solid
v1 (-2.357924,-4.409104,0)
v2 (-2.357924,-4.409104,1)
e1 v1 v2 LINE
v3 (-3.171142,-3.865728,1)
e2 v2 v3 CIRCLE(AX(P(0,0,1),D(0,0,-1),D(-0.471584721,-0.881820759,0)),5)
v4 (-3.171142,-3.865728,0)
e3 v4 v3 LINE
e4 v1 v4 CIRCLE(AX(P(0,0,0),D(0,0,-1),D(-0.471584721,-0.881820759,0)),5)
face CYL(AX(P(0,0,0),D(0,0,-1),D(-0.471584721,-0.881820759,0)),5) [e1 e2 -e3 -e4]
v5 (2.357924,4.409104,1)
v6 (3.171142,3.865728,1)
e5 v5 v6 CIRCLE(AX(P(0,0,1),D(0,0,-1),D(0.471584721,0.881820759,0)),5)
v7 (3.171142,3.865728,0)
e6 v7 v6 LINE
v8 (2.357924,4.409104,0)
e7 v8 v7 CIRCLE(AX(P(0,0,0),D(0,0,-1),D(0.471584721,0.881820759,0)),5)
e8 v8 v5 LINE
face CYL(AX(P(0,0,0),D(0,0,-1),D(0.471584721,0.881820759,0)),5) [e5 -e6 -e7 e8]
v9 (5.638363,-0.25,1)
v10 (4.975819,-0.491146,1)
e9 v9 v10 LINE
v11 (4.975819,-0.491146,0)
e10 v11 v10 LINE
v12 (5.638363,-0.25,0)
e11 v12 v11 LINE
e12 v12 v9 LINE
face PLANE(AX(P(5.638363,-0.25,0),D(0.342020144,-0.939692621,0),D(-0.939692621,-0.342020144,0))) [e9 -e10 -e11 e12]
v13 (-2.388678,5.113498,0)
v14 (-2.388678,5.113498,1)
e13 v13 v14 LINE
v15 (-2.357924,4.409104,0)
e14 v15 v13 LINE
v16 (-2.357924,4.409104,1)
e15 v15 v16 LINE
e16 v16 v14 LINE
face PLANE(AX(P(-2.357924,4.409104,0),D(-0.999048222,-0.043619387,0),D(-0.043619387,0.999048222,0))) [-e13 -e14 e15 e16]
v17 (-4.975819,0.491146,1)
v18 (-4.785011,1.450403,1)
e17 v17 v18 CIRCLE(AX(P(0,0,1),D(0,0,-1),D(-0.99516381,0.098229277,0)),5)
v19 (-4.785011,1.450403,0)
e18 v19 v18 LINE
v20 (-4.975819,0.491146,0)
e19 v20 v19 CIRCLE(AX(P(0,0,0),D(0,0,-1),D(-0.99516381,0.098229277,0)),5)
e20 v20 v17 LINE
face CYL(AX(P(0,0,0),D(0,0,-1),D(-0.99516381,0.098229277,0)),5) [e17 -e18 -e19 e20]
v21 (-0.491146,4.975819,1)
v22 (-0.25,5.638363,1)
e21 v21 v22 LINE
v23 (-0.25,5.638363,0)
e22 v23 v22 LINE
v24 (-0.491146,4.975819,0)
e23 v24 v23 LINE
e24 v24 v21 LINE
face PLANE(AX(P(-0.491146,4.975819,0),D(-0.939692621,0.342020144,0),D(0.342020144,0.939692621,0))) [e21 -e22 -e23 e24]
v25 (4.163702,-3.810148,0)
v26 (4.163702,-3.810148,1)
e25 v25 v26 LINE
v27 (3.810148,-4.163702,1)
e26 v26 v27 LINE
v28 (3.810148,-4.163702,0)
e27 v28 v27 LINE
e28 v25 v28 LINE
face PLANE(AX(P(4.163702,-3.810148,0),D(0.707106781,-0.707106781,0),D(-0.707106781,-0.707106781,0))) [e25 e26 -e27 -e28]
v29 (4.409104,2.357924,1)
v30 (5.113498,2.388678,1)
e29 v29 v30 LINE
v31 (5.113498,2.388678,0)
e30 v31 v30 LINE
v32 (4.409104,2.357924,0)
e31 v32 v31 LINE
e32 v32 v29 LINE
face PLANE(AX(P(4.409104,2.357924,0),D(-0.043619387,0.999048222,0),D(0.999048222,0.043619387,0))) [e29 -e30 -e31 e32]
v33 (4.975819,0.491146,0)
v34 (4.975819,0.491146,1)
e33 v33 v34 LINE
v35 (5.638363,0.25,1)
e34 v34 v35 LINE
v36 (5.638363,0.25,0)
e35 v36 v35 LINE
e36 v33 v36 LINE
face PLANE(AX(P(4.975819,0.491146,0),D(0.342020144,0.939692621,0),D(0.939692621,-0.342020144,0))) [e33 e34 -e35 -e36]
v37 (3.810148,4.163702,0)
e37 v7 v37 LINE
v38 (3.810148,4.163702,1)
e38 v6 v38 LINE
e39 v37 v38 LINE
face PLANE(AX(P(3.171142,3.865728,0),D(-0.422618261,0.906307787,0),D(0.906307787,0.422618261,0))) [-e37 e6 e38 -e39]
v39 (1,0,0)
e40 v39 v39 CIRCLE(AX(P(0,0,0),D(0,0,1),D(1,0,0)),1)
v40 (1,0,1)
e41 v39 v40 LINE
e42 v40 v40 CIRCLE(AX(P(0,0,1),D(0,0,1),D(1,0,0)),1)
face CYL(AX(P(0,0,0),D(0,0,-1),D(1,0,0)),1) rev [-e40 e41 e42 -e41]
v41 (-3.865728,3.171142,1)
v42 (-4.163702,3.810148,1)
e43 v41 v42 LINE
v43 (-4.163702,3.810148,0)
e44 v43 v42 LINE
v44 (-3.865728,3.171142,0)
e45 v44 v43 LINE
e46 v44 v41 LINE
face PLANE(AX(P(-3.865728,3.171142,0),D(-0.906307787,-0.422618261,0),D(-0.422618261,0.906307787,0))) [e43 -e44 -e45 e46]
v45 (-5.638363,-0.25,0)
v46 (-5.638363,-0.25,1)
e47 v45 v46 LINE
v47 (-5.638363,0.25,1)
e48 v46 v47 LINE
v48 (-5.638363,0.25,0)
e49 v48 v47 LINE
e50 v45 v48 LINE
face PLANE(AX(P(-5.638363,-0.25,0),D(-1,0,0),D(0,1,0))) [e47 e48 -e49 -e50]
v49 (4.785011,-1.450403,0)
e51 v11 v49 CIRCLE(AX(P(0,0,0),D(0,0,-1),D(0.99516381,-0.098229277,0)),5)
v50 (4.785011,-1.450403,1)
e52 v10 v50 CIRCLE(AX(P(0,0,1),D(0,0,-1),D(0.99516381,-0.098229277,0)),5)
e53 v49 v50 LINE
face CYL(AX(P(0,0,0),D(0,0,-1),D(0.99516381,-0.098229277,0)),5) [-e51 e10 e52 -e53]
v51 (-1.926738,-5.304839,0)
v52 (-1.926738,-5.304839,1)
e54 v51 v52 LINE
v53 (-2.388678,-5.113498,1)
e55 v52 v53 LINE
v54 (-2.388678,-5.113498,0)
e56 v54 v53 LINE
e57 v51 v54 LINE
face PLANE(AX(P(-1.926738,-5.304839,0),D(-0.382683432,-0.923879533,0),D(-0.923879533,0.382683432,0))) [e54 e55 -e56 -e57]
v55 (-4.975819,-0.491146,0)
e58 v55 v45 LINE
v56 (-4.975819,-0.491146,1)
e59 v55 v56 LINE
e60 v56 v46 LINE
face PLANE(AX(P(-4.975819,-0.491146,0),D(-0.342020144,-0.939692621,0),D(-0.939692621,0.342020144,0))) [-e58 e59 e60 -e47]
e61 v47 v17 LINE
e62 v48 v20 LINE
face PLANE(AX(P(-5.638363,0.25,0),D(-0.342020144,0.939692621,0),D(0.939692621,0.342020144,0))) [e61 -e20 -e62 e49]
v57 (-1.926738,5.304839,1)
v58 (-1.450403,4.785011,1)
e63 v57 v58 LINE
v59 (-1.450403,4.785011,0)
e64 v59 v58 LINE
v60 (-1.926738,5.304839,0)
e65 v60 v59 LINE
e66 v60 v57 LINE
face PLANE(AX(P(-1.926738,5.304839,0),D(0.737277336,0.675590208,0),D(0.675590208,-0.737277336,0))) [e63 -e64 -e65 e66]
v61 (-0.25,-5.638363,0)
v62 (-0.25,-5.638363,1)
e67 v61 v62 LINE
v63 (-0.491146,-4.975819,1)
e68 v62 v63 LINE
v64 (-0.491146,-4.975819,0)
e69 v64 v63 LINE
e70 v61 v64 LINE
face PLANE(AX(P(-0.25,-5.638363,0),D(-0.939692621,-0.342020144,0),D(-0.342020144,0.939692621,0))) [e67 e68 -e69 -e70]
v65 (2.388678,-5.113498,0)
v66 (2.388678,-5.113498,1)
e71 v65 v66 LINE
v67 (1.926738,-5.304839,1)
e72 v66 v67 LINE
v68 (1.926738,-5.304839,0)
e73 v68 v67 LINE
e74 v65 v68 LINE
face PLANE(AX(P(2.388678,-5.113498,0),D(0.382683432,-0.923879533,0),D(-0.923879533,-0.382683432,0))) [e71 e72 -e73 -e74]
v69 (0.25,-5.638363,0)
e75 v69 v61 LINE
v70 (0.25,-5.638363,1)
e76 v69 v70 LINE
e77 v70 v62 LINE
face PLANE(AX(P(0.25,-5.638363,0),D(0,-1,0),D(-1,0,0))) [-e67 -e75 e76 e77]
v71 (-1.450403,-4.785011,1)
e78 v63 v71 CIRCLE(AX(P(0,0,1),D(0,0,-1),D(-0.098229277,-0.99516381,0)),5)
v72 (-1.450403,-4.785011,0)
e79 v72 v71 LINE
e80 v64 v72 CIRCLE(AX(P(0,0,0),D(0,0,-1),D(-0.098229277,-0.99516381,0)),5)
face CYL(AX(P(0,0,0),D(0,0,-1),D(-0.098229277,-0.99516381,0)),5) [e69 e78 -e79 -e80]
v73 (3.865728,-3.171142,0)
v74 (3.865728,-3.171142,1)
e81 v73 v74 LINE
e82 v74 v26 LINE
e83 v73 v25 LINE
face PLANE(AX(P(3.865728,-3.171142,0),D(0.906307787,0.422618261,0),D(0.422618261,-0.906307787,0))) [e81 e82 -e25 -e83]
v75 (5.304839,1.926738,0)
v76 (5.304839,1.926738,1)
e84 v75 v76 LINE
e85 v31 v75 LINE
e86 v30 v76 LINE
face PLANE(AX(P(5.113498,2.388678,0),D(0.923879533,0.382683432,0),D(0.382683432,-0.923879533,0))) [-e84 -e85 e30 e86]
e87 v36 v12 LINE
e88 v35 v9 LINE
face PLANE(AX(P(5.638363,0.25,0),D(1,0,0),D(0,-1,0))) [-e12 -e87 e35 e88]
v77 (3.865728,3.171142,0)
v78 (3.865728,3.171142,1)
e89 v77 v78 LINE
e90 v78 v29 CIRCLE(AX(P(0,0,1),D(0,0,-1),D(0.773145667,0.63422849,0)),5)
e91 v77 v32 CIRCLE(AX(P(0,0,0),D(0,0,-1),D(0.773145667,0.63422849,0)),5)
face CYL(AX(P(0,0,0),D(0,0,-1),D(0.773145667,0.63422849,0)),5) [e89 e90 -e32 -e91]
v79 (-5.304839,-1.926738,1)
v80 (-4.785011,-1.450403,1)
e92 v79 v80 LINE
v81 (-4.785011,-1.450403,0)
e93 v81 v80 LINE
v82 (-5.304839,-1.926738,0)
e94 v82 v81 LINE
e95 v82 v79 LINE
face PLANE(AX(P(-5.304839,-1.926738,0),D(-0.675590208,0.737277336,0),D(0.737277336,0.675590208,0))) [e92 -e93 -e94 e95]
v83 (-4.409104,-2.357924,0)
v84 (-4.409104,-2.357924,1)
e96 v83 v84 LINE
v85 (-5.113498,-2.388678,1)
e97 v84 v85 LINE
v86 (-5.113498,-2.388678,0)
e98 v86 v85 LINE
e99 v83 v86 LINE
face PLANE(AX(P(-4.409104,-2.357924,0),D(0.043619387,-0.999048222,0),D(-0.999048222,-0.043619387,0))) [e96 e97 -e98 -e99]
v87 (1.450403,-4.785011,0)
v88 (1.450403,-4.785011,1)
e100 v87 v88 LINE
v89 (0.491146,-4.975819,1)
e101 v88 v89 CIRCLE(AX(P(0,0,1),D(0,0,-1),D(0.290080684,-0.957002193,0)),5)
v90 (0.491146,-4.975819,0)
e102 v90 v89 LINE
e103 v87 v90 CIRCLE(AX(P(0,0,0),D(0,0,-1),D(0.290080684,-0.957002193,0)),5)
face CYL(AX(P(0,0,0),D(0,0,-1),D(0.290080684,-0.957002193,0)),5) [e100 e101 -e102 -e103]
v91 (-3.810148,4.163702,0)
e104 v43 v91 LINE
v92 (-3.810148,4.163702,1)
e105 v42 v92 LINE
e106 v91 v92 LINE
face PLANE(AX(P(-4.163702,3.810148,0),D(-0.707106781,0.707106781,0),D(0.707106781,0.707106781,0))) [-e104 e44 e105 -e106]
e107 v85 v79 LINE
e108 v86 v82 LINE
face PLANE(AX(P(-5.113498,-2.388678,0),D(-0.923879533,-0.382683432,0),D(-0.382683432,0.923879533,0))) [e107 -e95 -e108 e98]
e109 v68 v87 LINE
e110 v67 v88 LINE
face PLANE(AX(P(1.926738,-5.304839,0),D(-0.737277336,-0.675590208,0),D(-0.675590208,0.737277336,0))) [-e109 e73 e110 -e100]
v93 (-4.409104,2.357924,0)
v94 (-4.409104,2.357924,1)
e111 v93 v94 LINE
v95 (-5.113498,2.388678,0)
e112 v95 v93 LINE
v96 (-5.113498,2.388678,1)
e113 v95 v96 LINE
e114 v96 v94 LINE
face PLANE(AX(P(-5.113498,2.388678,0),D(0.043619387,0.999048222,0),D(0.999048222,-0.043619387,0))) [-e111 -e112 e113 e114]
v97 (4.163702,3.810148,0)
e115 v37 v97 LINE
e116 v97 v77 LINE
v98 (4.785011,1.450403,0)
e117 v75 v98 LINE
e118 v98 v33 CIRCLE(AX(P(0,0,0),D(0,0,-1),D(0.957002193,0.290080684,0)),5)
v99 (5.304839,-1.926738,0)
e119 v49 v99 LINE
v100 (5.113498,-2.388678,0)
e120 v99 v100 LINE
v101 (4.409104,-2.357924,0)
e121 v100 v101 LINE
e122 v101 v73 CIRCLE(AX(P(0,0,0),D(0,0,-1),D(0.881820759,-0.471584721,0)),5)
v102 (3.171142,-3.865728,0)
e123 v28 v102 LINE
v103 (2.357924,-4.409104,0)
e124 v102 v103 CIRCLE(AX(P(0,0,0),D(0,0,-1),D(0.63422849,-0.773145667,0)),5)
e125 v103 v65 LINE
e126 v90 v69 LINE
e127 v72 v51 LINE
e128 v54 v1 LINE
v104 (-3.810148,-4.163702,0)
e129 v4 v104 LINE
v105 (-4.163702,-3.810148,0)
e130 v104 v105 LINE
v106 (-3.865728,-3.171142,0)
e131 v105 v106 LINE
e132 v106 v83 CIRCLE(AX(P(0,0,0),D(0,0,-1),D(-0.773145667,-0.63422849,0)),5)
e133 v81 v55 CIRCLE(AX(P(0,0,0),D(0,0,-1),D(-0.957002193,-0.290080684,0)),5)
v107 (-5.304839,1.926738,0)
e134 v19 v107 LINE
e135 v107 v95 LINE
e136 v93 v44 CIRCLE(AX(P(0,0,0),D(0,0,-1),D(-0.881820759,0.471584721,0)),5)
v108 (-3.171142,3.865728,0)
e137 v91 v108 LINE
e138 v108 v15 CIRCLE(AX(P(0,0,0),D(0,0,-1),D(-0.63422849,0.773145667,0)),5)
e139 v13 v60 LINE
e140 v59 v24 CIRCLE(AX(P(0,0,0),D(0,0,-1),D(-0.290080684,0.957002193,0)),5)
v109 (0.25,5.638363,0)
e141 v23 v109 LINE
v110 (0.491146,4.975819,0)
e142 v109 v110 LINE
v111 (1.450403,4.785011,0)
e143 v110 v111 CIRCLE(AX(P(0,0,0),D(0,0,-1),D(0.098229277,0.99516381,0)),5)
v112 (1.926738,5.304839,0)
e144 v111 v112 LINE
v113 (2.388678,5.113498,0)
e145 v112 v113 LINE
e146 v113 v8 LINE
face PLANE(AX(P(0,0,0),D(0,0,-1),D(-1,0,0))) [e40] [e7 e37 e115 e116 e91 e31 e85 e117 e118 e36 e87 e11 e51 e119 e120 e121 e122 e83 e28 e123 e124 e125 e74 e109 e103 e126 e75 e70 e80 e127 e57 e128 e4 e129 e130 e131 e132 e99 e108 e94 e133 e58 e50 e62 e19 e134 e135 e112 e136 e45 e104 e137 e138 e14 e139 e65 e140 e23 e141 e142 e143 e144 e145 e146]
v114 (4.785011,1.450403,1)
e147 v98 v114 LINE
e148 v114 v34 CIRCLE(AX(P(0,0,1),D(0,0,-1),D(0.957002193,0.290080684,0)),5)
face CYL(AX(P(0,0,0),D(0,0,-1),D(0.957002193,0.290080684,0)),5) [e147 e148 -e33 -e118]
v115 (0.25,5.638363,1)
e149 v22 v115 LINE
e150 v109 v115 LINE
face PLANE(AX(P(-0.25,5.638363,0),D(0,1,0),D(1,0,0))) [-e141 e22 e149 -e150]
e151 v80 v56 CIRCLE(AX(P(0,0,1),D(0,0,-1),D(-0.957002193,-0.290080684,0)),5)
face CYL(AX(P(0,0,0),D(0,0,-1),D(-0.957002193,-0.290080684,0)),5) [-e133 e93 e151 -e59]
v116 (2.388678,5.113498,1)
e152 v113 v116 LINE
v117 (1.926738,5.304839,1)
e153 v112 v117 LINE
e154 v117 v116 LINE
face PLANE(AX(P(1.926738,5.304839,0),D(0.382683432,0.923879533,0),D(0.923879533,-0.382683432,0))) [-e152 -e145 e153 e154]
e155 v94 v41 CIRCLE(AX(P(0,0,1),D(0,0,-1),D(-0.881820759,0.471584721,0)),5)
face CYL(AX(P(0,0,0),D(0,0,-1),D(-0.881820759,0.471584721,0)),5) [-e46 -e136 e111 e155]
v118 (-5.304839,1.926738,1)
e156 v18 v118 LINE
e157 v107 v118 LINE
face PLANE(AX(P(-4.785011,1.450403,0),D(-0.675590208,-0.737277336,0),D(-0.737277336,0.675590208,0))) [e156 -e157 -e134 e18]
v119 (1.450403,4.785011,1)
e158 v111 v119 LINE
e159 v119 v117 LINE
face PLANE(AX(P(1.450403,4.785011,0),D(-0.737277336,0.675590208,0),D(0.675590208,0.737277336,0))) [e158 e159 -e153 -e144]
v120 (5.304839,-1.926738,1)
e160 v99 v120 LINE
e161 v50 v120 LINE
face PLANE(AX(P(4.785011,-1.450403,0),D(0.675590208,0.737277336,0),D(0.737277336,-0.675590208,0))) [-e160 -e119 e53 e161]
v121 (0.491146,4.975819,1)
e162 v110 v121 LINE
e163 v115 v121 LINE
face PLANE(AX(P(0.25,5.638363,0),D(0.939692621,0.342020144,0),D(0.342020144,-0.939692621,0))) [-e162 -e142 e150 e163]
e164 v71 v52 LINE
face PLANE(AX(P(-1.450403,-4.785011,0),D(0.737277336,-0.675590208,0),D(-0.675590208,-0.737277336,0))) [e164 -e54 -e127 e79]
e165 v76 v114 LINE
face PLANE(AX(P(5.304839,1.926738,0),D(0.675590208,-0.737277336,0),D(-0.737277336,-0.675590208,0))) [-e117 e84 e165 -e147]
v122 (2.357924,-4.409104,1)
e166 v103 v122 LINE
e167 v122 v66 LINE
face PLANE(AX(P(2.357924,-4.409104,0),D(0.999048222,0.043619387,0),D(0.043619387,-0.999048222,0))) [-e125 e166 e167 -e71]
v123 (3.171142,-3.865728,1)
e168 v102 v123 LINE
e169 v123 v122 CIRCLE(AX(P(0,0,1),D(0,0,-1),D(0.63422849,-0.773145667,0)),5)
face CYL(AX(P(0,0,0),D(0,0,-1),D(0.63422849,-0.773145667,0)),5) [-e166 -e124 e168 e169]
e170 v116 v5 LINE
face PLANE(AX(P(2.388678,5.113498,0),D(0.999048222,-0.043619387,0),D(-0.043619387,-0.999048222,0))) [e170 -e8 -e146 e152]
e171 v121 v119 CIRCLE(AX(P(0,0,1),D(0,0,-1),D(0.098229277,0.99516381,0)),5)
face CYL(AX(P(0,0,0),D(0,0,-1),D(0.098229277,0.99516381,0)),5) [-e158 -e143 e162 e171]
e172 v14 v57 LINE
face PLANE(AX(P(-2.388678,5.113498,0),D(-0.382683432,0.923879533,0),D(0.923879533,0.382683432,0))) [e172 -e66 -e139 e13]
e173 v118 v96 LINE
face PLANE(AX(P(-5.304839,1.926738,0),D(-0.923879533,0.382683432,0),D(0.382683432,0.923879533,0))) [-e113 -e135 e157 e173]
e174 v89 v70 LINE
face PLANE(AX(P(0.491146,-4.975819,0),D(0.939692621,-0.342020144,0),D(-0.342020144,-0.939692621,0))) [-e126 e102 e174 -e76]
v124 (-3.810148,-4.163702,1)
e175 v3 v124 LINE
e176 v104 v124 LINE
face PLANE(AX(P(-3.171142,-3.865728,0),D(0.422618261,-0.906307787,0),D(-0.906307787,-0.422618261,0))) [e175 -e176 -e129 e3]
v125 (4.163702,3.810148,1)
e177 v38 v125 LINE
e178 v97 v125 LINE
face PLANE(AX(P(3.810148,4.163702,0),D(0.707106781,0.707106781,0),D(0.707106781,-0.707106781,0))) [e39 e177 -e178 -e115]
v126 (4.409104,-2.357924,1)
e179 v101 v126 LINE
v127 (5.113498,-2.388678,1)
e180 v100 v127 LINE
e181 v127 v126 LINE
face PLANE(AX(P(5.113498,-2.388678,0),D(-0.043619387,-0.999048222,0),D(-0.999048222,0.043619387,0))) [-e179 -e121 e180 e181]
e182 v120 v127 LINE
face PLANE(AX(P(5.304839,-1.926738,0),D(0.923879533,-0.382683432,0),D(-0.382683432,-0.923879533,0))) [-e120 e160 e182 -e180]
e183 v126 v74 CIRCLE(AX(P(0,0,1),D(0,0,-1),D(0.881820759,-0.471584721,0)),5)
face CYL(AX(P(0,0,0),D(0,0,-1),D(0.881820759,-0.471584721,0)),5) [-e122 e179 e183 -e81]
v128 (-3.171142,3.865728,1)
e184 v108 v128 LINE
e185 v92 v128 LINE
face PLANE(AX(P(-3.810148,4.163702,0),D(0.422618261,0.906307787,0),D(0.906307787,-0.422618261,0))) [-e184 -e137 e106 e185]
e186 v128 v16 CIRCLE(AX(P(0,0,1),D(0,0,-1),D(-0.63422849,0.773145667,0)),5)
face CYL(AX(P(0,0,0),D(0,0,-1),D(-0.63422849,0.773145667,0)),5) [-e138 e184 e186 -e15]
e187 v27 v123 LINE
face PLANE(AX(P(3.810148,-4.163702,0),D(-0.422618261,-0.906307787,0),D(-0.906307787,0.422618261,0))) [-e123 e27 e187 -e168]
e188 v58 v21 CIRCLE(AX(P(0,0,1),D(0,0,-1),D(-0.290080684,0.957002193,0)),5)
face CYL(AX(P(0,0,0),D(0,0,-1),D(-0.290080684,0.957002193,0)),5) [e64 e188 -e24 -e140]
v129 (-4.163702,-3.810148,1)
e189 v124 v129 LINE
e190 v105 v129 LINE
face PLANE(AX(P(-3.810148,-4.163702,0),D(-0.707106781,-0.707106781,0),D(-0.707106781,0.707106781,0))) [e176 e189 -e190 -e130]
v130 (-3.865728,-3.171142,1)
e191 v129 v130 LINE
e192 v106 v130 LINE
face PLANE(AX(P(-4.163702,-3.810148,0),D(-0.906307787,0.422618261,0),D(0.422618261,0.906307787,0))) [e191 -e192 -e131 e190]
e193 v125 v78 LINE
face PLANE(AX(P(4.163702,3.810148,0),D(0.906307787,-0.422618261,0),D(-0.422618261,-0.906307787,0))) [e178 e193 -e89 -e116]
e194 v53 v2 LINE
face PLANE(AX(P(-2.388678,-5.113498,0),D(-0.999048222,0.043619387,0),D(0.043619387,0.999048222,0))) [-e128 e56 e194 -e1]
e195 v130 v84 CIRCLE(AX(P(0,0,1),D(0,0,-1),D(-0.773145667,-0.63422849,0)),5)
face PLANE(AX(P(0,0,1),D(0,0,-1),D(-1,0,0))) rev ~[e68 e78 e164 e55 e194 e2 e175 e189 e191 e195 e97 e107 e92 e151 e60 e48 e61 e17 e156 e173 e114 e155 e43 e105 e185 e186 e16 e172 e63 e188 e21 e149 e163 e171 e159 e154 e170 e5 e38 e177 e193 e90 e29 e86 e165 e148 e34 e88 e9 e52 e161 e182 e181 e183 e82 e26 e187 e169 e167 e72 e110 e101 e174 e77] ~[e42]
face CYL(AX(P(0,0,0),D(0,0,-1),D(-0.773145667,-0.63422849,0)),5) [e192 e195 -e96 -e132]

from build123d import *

# Parameters (mm, degrees)
SKETCH2_R           = 1
BOSS_EXTRUDE2_DEPTH = 1


with BuildPart() as part:
    # Sketch2 → Boss-Extrude2 (new body)
    with BuildSketch(Plane.XY):
        with BuildLine():
            Line((-0.25, 5.638363295), (0.25, 5.638363295))
            Line((0.25, 5.638363295), (0.491146384, 4.975819051))
            ThreePointArc((0.491146384, 4.975819051), (0.97545161, 4.903926402), (1.450403422, 4.785010963))
            Line((1.450403422, 4.785010963), (1.926738336, 5.304839303))
            Line((1.926738336, 5.304839303), (2.388678102, 5.113497587))
            Line((2.388678102, 5.113497587), (2.357923605, 4.409103795))
            ThreePointArc((2.357923605, 4.409103795), (2.777851165, 4.157348062), (3.171142455, 3.865728332))
            Line((3.171142455, 3.865728332), (3.810148226, 4.163701616))
            Line((3.810148226, 4.163701616), (4.163701616, 3.810148226))
            Line((4.163701616, 3.810148226), (3.865728332, 3.171142455))
            ThreePointArc((3.865728332, 3.171142455), (4.157348062, 2.777851165), (4.409103795, 2.357923605))
            Line((4.409103795, 2.357923605), (5.113497587, 2.388678102))
            Line((5.113497587, 2.388678102), (5.304839303, 1.926738336))
            Line((5.304839303, 1.926738336), (4.785010963, 1.450403422))
            ThreePointArc((4.785010963, 1.450403422), (4.903926402, 0.97545161), (4.975819051, 0.491146384))
            Line((4.975819051, 0.491146384), (5.638363295, 0.25))
            Line((5.638363295, 0.25), (5.638363295, -0.25))
            Line((5.638363295, -0.25), (4.975819051, -0.491146384))
            ThreePointArc((4.975819051, -0.491146384), (4.903926402, -0.97545161), (4.785010963, -1.450403422))
            Line((4.785010963, -1.450403422), (5.304839303, -1.926738336))
            Line((5.304839303, -1.926738336), (5.113497587, -2.388678102))
            Line((5.113497587, -2.388678102), (4.409103795, -2.357923605))
            ThreePointArc((4.409103795, -2.357923605), (4.157348062, -2.777851165), (3.865728332, -3.171142455))
            Line((3.865728332, -3.171142455), (4.163701616, -3.810148226))
            Line((4.163701616, -3.810148226), (3.810148226, -4.163701616))
            Line((3.810148226, -4.163701616), (3.171142455, -3.865728332))
            ThreePointArc((3.171142455, -3.865728332), (2.777851165, -4.157348062), (2.357923605, -4.409103795))
            Line((2.357923605, -4.409103795), (2.388678102, -5.113497587))
            Line((2.388678102, -5.113497587), (1.926738336, -5.304839303))
            Line((1.926738336, -5.304839303), (1.450403422, -4.785010963))
            ThreePointArc((1.450403422, -4.785010963), (0.97545161, -4.903926402), (0.491146384, -4.975819051))
            Line((0.491146384, -4.975819051), (0.25, -5.638363295))
            Line((0.25, -5.638363295), (-0.25, -5.638363295))
            Line((-0.25, -5.638363295), (-0.491146384, -4.975819051))
            ThreePointArc((-0.491146384, -4.975819051), (-0.97545161, -4.903926402), (-1.450403422, -4.785010963))
            Line((-1.450403422, -4.785010963), (-1.926738336, -5.304839303))
            Line((-1.926738336, -5.304839303), (-2.388678102, -5.113497587))
            Line((-2.388678102, -5.113497587), (-2.357923605, -4.409103795))
            ThreePointArc((-2.357923605, -4.409103795), (-2.777851165, -4.157348062), (-3.171142455, -3.865728332))
            Line((-3.171142455, -3.865728332), (-3.810148226, -4.163701616))
            Line((-3.810148226, -4.163701616), (-4.163701616, -3.810148226))
            Line((-4.163701616, -3.810148226), (-3.865728332, -3.171142455))
            ThreePointArc((-3.865728332, -3.171142455), (-4.157348062, -2.777851165), (-4.409103795, -2.357923605))
            Line((-4.409103795, -2.357923605), (-5.113497587, -2.388678102))
            Line((-5.113497587, -2.388678102), (-5.304839303, -1.926738336))
            Line((-5.304839303, -1.926738336), (-4.785010963, -1.450403422))
            ThreePointArc((-4.785010963, -1.450403422), (-4.903926402, -0.97545161), (-4.975819051, -0.491146384))
            Line((-4.975819051, -0.491146384), (-5.638363295, -0.25))
            Line((-5.638363295, -0.25), (-5.638363295, 0.25))
            Line((-5.638363295, 0.25), (-4.975819051, 0.491146384))
            ThreePointArc((-4.975819051, 0.491146384), (-4.903926402, 0.97545161), (-4.785010963, 1.450403422))
            Line((-4.785010963, 1.450403422), (-5.304839303, 1.926738336))
            Line((-5.304839303, 1.926738336), (-5.113497587, 2.388678102))
            Line((-5.113497587, 2.388678102), (-4.409103795, 2.357923605))
            ThreePointArc((-4.409103795, 2.357923605), (-4.157348062, 2.777851165), (-3.865728332, 3.171142455))
            Line((-3.865728332, 3.171142455), (-4.163701616, 3.810148226))
            Line((-4.163701616, 3.810148226), (-3.810148226, 4.163701616))
            Line((-3.810148226, 4.163701616), (-3.171142455, 3.865728332))
            ThreePointArc((-3.171142455, 3.865728332), (-2.777851165, 4.157348062), (-2.357923605, 4.409103795))
            Line((-2.357923605, 4.409103795), (-2.388678102, 5.113497587))
            Line((-2.388678102, 5.113497587), (-1.926738336, 5.304839303))
            Line((-1.926738336, 5.304839303), (-1.450403422, 4.785010963))
            ThreePointArc((-1.450403422, 4.785010963), (-0.97545161, 4.903926402), (-0.491146384, 4.975819051))
            Line((-0.491146384, 4.975819051), (-0.25, 5.638363295))
        make_face()
        Circle(SKETCH2_R, mode=Mode.SUBTRACT)
    extrude(amount=BOSS_EXTRUDE2_DEPTH)


solid = part.part
